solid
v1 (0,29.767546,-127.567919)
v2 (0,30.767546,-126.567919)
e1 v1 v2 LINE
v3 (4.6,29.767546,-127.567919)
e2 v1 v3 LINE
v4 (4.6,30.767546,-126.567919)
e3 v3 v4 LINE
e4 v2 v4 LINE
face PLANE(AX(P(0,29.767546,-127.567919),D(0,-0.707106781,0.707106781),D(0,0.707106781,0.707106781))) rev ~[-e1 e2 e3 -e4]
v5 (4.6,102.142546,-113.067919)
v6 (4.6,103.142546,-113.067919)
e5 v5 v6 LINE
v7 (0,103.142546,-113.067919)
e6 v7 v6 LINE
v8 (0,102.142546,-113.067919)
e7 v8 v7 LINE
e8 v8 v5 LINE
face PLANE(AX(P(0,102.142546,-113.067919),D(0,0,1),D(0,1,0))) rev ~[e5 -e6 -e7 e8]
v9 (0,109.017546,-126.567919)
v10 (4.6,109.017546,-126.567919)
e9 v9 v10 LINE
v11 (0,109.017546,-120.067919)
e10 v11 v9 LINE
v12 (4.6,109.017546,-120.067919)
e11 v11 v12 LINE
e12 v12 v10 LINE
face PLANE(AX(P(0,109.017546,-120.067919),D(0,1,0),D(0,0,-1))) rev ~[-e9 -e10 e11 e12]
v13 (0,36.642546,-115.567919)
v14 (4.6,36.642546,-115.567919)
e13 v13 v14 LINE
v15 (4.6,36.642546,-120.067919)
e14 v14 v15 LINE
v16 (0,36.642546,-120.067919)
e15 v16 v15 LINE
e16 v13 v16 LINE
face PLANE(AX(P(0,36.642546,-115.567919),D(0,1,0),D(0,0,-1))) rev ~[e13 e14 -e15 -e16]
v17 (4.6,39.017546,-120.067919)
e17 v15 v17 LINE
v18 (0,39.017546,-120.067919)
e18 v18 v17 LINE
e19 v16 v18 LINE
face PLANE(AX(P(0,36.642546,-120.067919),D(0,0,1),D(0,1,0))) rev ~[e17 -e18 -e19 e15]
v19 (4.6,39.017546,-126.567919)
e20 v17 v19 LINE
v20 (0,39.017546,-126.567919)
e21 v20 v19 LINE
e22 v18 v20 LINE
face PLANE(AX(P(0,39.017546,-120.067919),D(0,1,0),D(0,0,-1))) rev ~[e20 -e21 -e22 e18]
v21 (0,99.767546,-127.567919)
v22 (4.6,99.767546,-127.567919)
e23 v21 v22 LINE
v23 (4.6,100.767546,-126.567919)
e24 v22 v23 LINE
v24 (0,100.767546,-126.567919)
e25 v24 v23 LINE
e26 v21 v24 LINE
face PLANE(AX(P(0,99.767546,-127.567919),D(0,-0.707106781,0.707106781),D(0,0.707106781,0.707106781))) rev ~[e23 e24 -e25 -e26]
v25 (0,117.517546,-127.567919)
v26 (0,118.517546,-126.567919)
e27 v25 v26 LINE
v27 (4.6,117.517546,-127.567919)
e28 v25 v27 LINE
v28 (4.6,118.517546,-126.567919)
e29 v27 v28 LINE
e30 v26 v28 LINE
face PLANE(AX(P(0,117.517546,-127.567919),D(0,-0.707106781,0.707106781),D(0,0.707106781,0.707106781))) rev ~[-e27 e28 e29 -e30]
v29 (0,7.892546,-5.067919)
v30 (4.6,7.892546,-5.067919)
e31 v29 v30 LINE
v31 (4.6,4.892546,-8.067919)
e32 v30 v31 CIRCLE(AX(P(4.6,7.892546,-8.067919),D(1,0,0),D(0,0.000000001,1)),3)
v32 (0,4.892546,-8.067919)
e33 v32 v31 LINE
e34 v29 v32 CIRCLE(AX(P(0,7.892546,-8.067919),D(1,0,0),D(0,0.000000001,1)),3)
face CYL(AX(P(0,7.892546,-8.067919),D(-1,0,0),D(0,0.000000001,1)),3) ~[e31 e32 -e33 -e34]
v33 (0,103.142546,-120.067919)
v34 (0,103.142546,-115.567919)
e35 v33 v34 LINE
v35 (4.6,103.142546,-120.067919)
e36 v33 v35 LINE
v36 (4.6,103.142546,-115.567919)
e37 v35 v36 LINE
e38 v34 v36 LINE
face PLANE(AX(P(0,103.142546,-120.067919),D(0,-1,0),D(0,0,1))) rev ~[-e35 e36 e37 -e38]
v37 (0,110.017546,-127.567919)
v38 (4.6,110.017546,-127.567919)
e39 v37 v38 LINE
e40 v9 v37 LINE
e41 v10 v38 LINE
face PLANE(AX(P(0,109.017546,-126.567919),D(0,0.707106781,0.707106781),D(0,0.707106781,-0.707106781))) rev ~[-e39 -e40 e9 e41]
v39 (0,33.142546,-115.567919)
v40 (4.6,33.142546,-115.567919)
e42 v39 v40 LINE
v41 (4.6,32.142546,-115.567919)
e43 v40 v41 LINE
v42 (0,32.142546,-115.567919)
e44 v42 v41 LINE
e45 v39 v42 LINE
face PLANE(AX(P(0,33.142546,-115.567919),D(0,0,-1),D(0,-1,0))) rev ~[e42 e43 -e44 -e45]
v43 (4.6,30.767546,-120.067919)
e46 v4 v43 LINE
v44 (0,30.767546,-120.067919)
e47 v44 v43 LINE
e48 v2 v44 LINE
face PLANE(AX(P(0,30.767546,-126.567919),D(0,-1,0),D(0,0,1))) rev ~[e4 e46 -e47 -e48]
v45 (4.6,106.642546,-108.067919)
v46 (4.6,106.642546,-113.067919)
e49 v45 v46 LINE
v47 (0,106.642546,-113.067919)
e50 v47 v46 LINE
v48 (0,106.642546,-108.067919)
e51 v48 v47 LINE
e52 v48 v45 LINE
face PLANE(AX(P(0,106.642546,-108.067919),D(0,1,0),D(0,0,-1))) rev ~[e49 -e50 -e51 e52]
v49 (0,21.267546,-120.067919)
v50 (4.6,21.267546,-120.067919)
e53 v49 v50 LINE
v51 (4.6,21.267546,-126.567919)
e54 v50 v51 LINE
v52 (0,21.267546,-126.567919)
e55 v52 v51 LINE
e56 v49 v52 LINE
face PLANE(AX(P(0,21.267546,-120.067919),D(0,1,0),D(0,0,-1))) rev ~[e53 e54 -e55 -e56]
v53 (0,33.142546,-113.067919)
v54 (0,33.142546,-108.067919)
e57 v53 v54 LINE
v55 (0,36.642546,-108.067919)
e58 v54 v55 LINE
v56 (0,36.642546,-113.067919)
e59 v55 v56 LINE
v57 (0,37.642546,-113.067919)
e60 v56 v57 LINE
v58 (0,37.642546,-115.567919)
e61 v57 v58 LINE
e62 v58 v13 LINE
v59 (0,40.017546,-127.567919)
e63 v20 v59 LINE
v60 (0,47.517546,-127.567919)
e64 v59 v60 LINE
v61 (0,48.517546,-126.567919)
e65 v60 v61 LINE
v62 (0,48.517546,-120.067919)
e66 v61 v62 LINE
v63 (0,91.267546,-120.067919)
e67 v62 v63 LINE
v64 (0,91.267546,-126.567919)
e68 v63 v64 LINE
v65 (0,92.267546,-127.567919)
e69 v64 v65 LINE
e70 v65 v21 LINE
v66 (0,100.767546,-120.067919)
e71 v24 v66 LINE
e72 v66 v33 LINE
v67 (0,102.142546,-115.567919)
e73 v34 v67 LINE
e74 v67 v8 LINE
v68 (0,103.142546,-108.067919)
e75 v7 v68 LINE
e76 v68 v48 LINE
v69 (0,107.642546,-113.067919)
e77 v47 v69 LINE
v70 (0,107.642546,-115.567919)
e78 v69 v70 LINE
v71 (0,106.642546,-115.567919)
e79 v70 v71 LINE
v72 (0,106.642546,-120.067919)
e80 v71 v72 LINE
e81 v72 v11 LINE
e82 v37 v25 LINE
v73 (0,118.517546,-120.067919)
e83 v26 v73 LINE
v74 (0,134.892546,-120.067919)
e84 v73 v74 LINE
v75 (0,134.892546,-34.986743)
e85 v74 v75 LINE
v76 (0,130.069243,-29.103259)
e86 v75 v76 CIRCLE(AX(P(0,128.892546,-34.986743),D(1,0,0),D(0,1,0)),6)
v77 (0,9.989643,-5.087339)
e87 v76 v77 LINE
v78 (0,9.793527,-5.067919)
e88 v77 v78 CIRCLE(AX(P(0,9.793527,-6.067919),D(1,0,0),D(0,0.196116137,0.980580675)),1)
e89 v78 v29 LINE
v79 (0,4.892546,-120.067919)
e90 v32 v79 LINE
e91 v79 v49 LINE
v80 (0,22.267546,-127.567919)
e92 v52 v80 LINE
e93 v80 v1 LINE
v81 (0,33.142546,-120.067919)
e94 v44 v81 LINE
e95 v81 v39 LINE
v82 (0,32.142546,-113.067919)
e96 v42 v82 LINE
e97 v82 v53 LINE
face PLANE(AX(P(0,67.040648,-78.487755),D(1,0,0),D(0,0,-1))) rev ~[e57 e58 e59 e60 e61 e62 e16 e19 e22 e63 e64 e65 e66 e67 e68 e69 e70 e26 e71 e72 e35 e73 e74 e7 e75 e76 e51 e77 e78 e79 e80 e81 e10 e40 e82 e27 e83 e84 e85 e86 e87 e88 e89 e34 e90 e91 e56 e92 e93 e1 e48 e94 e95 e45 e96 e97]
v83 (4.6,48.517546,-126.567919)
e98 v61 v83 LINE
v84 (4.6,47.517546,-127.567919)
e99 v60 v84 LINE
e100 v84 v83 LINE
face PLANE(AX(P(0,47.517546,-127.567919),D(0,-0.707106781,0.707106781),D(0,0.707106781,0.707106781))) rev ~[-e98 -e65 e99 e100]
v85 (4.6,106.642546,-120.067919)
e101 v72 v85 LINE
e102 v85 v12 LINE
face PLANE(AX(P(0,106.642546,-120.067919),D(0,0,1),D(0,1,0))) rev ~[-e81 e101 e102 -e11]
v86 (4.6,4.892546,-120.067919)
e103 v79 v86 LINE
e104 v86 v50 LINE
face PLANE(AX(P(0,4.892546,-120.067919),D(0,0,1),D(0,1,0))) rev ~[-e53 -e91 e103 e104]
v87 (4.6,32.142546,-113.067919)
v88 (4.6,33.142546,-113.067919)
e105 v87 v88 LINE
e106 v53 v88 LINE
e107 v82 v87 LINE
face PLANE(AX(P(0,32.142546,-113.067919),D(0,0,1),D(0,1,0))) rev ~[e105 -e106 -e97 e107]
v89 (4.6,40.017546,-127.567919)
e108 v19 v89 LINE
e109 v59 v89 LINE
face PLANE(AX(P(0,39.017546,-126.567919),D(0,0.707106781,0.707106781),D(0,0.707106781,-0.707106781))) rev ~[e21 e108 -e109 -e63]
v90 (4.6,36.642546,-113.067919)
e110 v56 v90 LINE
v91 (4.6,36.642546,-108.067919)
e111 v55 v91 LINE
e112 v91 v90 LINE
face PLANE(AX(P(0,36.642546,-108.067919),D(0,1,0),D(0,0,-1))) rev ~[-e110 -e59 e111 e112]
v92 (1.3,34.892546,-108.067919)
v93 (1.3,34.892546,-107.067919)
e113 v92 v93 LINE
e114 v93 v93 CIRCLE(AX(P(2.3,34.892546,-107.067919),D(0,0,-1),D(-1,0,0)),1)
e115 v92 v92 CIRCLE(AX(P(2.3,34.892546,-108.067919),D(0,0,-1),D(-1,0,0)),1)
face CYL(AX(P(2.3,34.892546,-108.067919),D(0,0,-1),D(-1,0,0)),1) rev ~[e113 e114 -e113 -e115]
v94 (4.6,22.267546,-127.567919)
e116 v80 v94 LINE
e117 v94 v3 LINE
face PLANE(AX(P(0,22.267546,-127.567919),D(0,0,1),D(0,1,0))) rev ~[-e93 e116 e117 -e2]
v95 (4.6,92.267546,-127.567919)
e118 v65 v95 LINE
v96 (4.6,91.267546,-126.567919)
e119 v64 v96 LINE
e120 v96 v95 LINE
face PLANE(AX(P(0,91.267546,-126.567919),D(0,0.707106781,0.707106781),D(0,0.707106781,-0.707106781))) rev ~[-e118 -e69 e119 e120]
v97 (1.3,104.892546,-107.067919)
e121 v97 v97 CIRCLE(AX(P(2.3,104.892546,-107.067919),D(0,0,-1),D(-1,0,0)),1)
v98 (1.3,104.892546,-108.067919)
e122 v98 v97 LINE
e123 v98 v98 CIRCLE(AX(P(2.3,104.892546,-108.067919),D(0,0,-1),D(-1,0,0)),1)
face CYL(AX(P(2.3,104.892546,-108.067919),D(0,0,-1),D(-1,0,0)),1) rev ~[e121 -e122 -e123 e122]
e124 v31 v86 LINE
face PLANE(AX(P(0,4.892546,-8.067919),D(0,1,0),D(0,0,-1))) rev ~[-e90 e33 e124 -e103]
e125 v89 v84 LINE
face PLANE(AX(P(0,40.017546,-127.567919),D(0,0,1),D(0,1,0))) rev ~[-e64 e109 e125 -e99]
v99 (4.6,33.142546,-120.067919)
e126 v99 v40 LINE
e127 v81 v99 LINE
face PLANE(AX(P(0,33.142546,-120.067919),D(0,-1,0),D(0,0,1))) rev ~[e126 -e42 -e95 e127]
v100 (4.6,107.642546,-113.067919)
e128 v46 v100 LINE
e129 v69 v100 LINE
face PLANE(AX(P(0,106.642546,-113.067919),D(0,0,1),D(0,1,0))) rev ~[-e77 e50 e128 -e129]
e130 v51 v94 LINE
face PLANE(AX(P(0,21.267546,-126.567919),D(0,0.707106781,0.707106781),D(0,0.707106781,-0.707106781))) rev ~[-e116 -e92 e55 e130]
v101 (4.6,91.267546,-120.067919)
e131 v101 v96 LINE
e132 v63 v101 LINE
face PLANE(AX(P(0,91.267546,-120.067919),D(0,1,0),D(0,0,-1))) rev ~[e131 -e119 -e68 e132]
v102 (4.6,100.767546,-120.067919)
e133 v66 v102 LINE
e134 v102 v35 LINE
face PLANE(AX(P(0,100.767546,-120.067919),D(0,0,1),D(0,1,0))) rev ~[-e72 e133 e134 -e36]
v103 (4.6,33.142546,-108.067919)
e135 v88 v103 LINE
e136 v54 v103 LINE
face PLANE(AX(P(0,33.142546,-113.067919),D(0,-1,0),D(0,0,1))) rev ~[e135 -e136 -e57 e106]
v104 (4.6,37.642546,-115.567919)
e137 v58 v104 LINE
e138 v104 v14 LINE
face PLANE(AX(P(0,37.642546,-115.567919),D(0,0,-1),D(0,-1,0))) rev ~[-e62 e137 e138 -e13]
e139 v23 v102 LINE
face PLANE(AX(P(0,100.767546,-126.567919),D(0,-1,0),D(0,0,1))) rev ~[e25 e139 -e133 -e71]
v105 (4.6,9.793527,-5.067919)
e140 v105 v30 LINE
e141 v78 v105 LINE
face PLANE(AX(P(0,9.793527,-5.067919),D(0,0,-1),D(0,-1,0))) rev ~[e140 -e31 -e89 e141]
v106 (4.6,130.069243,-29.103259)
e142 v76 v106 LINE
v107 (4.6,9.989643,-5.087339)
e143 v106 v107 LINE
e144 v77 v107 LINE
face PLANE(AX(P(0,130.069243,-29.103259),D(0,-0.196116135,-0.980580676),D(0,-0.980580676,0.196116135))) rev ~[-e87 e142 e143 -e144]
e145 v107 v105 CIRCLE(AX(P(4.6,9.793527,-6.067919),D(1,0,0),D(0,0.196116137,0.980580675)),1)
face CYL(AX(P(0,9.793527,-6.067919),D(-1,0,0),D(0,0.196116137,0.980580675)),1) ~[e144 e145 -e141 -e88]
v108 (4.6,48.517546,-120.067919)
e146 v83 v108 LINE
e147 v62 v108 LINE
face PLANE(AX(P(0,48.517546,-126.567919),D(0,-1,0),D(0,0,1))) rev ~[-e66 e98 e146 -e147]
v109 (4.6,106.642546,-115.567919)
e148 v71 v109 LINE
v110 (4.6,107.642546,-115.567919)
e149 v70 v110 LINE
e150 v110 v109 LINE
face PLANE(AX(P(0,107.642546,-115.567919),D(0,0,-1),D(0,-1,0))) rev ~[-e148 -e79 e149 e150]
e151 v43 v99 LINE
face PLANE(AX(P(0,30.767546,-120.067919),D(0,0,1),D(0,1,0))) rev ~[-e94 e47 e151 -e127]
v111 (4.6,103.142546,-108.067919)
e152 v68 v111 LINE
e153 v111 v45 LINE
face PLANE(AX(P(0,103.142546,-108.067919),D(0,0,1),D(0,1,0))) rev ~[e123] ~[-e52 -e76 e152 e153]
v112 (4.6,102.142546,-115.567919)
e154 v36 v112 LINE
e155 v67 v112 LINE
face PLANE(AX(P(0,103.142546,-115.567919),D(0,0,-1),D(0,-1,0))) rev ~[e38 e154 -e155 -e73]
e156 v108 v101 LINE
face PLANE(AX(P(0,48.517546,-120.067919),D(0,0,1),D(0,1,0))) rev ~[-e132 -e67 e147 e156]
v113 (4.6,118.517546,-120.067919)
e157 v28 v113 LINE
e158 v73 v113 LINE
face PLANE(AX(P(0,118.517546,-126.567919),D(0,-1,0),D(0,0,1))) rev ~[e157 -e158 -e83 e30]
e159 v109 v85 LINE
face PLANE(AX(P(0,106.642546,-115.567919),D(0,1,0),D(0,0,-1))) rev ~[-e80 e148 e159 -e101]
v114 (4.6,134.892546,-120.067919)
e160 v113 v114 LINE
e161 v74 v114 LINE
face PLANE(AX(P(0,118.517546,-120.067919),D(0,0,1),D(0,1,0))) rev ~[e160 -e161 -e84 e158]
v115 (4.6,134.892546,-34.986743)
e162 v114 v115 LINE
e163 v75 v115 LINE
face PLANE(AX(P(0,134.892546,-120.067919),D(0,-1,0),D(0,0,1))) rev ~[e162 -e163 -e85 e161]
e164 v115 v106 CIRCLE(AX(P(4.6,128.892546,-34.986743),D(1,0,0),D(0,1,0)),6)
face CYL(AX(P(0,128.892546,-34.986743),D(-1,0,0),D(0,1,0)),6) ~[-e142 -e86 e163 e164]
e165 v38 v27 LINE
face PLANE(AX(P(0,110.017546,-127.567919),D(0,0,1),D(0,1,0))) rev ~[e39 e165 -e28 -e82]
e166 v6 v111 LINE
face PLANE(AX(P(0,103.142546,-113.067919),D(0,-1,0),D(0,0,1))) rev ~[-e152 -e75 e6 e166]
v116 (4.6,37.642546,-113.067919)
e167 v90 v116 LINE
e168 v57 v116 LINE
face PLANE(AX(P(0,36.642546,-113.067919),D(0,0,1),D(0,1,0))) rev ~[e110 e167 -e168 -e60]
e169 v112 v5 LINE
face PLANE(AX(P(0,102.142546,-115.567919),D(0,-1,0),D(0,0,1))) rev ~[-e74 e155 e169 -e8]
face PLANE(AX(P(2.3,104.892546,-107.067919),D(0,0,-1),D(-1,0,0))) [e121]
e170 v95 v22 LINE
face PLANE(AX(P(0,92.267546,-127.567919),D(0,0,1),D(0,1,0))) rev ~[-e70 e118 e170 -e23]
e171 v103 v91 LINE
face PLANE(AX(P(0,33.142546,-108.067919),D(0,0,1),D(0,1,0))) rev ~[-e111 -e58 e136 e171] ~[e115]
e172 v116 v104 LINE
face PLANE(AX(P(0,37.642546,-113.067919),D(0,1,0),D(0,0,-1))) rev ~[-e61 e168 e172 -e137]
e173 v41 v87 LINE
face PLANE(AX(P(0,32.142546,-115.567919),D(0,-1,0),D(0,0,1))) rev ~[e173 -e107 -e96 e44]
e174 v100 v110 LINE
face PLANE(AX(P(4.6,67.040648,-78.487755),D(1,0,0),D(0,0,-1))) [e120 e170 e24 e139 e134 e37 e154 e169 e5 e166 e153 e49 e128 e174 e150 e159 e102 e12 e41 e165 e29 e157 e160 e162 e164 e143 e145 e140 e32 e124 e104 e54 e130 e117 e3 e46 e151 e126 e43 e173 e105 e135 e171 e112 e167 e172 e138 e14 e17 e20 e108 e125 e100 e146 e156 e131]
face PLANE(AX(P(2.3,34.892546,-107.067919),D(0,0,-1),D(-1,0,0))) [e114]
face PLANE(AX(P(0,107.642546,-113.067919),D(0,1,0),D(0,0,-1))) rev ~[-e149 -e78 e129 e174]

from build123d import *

# Parameters (mm, degrees)
EXTRUDE1_DEPTH = 4.6
SKETCH2_R      = 1
EXTRUDE2_DEPTH = 1


with BuildPart() as part:
    # Sketch1 → Extrude1 (new body)
    with BuildSketch(Plane(origin=(0, 0, 0), x_dir=(0, 0, -1), z_dir=(1, 0, 0))):
        with BuildLine():
            Line((120.06791936, 91.267546052), (126.56791936, 91.267546052))
            Line((126.56791936, 91.267546052), (127.56791936, 92.267546052))
            Line((127.56791936, 92.267546052), (127.56791936, 99.767546052))
            Line((127.56791936, 99.767546052), (126.56791936, 100.767546052))
            Line((126.56791936, 100.767546052), (120.06791936, 100.767546052))
            Line((120.06791936, 100.767546052), (120.06791936, 103.142546052))
            Line((120.06791936, 103.142546052), (115.56791936, 103.142546052))
            Line((115.56791936, 103.142546052), (115.56791936, 102.142546052))
            Line((115.56791936, 102.142546052), (113.06791936, 102.142546052))
            Line((113.06791936, 102.142546052), (113.06791936, 103.142546052))
            Line((113.06791936, 103.142546052), (108.06791936, 103.142546052))
            Line((108.06791936, 103.142546052), (108.06791936, 106.642546052))
            Line((108.06791936, 106.642546052), (113.06791936, 106.642546052))
            Line((113.06791936, 106.642546052), (113.06791936, 107.642546052))
            Line((113.06791936, 107.642546052), (115.56791936, 107.642546052))
            Line((115.56791936, 107.642546052), (115.56791936, 106.642546052))
            Line((115.56791936, 106.642546052), (120.06791936, 106.642546052))
            Line((120.06791936, 106.642546052), (120.06791936, 109.017546052))
            Line((120.06791936, 109.017546052), (126.56791936, 109.017546052))
            Line((126.56791936, 109.017546052), (127.56791936, 110.017546052))
            Line((127.56791936, 110.017546052), (127.56791936, 117.517546052))
            Line((127.56791936, 117.517546052), (126.56791936, 118.517546052))
            Line((126.56791936, 118.517546052), (120.06791936, 118.517546052))
            Line((120.06791936, 118.517546052), (120.06791936, 134.892546052))
            Line((120.06791936, 134.892546052), (34.986742776, 134.892546052))
            ThreePointArc((34.986742776, 134.892546052), (31.182809342, 133.5325989), (29.103258722, 130.069242862))
            Line((29.103258722, 130.069242862), (5.087338684, 9.989642673))
            ThreePointArc((5.087338684, 9.989642673), (5.072786033, 9.892064156), (5.06791936, 9.793526538))
            Line((5.06791936, 9.793526538), (5.06791936, 7.892546052))
            ThreePointArc((5.06791936, 7.892546052), (5.946599016, 5.771225708), (8.06791936, 4.892546052))
            Line((8.06791936, 4.892546052), (120.06791936, 4.892546052))
            Line((120.06791936, 4.892546052), (120.06791936, 21.267546052))
            Line((120.06791936, 21.267546052), (126.56791936, 21.267546052))
            Line((126.56791936, 21.267546052), (127.56791936, 22.267546052))
            Line((127.56791936, 22.267546052), (127.56791936, 29.767546052))
            Line((127.56791936, 29.767546052), (126.56791936, 30.767546052))
            Line((126.56791936, 30.767546052), (120.06791936, 30.767546052))
            Line((120.06791936, 30.767546052), (120.06791936, 33.142546052))
            Line((120.06791936, 33.142546052), (115.56791936, 33.142546052))
            Line((115.56791936, 33.142546052), (115.56791936, 32.142546052))
            Line((115.56791936, 32.142546052), (113.06791936, 32.142546052))
            Line((113.06791936, 32.142546052), (113.06791936, 33.142546052))
            Line((113.06791936, 33.142546052), (108.06791936, 33.142546052))
            Line((108.06791936, 33.142546052), (108.06791936, 36.642546052))
            Line((108.06791936, 36.642546052), (113.06791936, 36.642546052))
            Line((113.06791936, 36.642546052), (113.06791936, 37.642546052))
            Line((113.06791936, 37.642546052), (115.56791936, 37.642546052))
            Line((115.56791936, 37.642546052), (115.56791936, 36.642546052))
            Line((115.56791936, 36.642546052), (120.06791936, 36.642546052))
            Line((120.06791936, 36.642546052), (120.06791936, 39.017546052))
            Line((120.06791936, 39.017546052), (126.56791936, 39.017546052))
            Line((126.56791936, 39.017546052), (127.56791936, 40.017546052))
            Line((127.56791936, 40.017546052), (127.56791936, 47.517546052))
            Line((127.56791936, 47.517546052), (126.56791936, 48.517546052))
            Line((126.56791936, 48.517546052), (120.06791936, 48.517546052))
            Line((120.06791936, 48.517546052), (120.06791936, 91.267546052))
        make_face()
    extrude(amount=EXTRUDE1_DEPTH)

    # Sketch2 → Extrude2 (cut)
    with BuildSketch(Plane(origin=(0, 0, -108.06791936), x_dir=(-1, 0, 0), z_dir=(0, 0, -1))):
        with Locations((-2.3, 34.892546052)):
            Circle(SKETCH2_R)
        with Locations((-2.3, 104.892546052)):
            Circle(SKETCH2_R)
    extrude(amount=-EXTRUDE2_DEPTH, mode=Mode.SUBTRACT)


solid = part.part
